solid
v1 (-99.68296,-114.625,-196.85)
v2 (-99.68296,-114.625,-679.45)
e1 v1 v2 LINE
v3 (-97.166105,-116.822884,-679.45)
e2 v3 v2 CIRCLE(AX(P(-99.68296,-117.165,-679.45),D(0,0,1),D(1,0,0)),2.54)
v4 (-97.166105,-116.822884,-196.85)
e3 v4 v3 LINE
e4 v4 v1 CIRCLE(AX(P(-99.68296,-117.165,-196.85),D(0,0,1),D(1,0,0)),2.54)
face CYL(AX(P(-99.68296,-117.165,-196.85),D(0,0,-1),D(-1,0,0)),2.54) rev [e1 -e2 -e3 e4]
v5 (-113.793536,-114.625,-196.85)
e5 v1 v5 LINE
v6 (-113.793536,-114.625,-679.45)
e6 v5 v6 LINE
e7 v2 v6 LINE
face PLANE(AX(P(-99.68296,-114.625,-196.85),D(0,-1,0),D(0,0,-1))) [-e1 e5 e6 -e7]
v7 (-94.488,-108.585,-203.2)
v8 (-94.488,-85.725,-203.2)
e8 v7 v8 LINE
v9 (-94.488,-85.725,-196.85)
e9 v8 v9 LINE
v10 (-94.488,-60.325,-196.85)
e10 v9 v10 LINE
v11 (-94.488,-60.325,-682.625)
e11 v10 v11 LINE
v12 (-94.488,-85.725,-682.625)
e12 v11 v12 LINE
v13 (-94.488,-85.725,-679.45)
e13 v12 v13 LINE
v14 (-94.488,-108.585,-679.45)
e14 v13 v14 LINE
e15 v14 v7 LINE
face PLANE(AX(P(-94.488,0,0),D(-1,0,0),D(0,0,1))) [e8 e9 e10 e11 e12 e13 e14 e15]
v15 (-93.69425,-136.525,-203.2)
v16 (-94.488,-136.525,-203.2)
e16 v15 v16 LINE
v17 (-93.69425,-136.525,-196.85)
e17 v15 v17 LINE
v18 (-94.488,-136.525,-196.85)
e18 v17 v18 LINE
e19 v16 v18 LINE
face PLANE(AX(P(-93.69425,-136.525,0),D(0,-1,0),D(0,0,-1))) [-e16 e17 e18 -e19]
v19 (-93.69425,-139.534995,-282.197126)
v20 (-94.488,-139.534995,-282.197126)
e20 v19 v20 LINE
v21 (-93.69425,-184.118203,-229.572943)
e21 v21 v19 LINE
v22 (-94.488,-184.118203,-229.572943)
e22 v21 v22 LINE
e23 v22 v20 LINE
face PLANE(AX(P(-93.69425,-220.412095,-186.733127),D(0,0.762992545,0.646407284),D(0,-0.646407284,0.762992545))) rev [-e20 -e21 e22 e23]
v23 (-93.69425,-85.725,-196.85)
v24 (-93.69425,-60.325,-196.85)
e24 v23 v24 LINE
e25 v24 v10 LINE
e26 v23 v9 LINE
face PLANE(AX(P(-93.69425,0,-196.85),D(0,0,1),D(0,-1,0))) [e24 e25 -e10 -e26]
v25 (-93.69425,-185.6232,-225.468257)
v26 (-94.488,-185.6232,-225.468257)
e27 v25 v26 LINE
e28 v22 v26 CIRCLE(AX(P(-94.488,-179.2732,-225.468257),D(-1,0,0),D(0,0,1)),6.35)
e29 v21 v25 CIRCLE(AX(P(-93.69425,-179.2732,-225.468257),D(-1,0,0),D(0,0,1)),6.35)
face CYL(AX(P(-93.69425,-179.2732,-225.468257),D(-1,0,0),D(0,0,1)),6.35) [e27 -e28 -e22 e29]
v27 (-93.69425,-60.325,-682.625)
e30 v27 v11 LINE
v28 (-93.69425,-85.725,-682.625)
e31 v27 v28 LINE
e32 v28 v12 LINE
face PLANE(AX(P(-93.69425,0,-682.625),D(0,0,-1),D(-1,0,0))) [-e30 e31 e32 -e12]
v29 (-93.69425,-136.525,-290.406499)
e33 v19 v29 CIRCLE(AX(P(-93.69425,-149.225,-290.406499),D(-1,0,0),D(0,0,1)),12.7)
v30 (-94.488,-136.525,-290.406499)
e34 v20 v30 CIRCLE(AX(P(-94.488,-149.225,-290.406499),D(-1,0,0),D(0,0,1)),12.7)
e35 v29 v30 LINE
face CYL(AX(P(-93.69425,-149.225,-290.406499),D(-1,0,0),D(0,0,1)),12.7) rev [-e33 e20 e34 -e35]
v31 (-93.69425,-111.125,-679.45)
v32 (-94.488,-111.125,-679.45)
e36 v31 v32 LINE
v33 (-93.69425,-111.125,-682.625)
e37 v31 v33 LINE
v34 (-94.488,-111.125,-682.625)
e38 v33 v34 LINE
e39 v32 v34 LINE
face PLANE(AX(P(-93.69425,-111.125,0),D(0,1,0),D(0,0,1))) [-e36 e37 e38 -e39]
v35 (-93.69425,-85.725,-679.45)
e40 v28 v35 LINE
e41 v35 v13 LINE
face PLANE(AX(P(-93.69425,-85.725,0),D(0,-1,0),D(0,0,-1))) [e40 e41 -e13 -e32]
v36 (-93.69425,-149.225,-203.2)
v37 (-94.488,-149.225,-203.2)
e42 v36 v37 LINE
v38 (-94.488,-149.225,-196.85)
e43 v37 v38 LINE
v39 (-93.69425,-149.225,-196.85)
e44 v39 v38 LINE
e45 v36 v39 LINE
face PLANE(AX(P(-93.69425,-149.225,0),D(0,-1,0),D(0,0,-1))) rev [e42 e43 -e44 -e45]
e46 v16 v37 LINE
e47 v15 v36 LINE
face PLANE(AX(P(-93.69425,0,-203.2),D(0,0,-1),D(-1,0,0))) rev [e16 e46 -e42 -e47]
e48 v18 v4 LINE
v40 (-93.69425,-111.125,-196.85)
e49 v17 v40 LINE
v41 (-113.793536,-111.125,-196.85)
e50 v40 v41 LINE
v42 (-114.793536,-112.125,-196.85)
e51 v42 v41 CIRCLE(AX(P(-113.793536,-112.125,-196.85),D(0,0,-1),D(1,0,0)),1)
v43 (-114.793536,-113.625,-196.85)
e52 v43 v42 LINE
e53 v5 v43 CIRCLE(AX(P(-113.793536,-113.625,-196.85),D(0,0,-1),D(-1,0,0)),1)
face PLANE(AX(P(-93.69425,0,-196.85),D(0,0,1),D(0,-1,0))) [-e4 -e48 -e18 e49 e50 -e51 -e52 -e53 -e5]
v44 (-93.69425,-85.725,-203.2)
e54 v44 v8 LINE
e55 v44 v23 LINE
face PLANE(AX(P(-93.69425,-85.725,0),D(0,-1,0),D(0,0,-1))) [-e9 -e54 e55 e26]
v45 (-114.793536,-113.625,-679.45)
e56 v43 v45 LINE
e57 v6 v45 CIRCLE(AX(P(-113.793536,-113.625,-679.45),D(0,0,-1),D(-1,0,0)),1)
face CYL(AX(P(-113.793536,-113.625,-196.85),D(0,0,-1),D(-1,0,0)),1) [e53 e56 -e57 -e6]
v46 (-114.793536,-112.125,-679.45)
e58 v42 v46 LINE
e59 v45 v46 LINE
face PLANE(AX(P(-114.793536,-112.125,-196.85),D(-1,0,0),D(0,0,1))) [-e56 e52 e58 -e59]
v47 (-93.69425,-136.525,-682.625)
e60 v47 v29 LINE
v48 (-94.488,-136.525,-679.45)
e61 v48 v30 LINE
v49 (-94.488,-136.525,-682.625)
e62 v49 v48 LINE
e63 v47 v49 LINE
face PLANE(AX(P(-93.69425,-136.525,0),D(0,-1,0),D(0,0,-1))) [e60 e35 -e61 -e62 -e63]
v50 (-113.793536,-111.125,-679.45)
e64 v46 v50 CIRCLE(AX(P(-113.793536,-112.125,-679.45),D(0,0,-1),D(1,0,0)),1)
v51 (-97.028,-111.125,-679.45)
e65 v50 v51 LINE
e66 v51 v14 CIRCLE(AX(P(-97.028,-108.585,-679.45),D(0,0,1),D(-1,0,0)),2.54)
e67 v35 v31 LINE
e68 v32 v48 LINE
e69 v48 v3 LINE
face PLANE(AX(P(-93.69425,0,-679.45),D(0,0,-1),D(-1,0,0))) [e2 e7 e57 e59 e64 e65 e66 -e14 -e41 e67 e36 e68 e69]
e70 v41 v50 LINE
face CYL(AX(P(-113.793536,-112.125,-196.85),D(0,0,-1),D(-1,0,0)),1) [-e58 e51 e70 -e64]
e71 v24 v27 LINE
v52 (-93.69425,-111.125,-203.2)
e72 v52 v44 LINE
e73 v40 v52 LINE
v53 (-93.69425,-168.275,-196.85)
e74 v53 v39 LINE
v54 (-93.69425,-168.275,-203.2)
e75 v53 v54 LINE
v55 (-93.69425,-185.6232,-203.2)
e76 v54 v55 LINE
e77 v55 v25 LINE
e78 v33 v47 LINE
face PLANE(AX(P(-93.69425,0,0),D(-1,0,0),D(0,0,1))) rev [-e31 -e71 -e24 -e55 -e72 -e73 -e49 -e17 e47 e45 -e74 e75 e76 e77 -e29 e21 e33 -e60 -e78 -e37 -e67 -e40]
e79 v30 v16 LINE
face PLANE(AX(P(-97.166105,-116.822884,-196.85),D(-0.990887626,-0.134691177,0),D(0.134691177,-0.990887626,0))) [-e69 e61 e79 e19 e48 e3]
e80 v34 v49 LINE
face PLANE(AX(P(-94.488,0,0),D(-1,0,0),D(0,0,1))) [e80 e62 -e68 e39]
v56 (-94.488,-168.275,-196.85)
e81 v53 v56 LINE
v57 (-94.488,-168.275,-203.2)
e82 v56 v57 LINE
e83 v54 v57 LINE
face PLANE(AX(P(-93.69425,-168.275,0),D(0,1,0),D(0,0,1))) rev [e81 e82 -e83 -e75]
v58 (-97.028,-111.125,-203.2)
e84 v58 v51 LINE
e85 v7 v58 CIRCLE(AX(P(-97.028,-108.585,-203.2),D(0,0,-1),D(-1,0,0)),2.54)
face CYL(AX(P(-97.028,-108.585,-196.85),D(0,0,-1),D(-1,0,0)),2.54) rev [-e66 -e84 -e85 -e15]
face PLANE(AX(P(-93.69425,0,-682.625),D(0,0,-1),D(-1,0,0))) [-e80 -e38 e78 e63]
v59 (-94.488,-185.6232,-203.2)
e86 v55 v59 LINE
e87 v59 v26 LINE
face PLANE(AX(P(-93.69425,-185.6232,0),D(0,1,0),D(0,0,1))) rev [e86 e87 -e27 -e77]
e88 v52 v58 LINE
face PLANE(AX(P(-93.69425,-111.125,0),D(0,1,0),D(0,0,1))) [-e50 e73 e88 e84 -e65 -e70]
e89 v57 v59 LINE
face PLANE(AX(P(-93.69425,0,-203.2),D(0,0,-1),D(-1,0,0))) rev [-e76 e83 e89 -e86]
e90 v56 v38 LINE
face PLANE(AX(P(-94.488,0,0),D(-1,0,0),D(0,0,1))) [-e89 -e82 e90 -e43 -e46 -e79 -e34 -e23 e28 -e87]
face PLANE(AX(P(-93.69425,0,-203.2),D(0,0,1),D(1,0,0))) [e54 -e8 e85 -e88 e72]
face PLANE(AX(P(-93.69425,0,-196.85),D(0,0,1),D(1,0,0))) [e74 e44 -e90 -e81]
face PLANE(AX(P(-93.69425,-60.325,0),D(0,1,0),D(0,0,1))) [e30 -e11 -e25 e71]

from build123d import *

# Parameters (mm, degrees)
BOSS_EXTRUDE1_DEPTH = 0.79375
BOSS_EXTRUDE2_DEPTH = 482.6
SKETCH5_W           = 30.221142114
SKETCH5_H           = 4.701476641
CUT_EXTRUDE1_DEPTH  = 27.94


with BuildPart() as part:
    # Sketch1 → Boss-Extrude1 (new body)
    with BuildSketch(Plane(origin=(-94.488, 0, 0), x_dir=(0, -1, 0), z_dir=(-1, 0, 0))):
        Polygon((111.125, -196.85), (111.125, -203.2), (85.725, -203.2), (85.725, -196.85), (60.325, -196.85), (60.325, -682.625), (85.725, -682.625), (85.725, -679.45), (111.125, -679.45), (111.125, -682.625), (136.525, -682.625), (136.525, -290.406498707), (136.525, -203.2), (136.525, -196.85), align=None)
        with BuildLine():
            Line((149.225, -203.2), (136.525, -203.2))
            Line((136.525, -203.2), (136.525, -290.406498707))
            ThreePointArc((136.525, -290.406498707), (137.30121982, -286.034603668), (139.534994681, -282.197126202))
            Line((139.534994681, -282.197126202), (184.118202659, -229.57294303))
            ThreePointArc((184.118202659, -229.57294303), (185.23509009, -227.654204297), (185.6232, -225.468256778))
            Line((185.6232, -225.468256778), (185.6232, -203.2))
            Line((185.6232, -203.2), (168.275, -203.2))
            Line((168.275, -203.2), (168.275, -196.85))
            Line((168.275, -196.85), (149.225, -196.85))
            Line((149.225, -196.85), (149.225, -203.2))
        make_face()
    extrude(amount=-BOSS_EXTRUDE1_DEPTH)

    # Sketch4 → Boss-Extrude2 (add)
    with BuildSketch(Plane(origin=(0, 0, -679.45), x_dir=(-1, 0, 0), z_dir=(0, 0, -1))):
        with BuildLine():
            Line((97.166105032, -116.822884411), (94.488, -136.525))
            Line((94.488, -136.525), (94.488, -114.25313135))
            Line((94.488, -114.25313135), (94.488, -111.125))
            Line((94.488, -111.125), (94.488, -108.585))
            ThreePointArc((94.488, -108.585), (95.231948776, -110.381051224), (97.028, -111.125))
            Line((97.028, -111.125), (113.793536469, -111.125))
            ThreePointArc((113.793536469, -111.125), (114.50064325, -111.417893219), (114.793536469, -112.125))
            Line((114.793536469, -112.125), (114.793536469, -113.625))
            ThreePointArc((114.793536469, -113.625), (114.50064325, -114.332106781), (113.793536469, -114.625))
            Line((113.793536469, -114.625), (99.682959601, -114.625))
            ThreePointArc((99.682959601, -114.625), (98.012237242, -115.251812399), (97.166105032, -116.822884411))
        make_face()
    extrude(amount=-BOSS_EXTRUDE2_DEPTH)

    # Sketch5 → Cut-Extrude1 (cut)
    with BuildSketch(Plane(origin=(-93.69425, 0, 0), x_dir=(0, 0, -1), z_dir=(1, 0, 0))):
        with Locations((188.089428943, -108.77426168)):
            Rectangle(SKETCH5_W, SKETCH5_H)
    extrude(amount=-CUT_EXTRUDE1_DEPTH, mode=Mode.SUBTRACT)


solid = part.part
